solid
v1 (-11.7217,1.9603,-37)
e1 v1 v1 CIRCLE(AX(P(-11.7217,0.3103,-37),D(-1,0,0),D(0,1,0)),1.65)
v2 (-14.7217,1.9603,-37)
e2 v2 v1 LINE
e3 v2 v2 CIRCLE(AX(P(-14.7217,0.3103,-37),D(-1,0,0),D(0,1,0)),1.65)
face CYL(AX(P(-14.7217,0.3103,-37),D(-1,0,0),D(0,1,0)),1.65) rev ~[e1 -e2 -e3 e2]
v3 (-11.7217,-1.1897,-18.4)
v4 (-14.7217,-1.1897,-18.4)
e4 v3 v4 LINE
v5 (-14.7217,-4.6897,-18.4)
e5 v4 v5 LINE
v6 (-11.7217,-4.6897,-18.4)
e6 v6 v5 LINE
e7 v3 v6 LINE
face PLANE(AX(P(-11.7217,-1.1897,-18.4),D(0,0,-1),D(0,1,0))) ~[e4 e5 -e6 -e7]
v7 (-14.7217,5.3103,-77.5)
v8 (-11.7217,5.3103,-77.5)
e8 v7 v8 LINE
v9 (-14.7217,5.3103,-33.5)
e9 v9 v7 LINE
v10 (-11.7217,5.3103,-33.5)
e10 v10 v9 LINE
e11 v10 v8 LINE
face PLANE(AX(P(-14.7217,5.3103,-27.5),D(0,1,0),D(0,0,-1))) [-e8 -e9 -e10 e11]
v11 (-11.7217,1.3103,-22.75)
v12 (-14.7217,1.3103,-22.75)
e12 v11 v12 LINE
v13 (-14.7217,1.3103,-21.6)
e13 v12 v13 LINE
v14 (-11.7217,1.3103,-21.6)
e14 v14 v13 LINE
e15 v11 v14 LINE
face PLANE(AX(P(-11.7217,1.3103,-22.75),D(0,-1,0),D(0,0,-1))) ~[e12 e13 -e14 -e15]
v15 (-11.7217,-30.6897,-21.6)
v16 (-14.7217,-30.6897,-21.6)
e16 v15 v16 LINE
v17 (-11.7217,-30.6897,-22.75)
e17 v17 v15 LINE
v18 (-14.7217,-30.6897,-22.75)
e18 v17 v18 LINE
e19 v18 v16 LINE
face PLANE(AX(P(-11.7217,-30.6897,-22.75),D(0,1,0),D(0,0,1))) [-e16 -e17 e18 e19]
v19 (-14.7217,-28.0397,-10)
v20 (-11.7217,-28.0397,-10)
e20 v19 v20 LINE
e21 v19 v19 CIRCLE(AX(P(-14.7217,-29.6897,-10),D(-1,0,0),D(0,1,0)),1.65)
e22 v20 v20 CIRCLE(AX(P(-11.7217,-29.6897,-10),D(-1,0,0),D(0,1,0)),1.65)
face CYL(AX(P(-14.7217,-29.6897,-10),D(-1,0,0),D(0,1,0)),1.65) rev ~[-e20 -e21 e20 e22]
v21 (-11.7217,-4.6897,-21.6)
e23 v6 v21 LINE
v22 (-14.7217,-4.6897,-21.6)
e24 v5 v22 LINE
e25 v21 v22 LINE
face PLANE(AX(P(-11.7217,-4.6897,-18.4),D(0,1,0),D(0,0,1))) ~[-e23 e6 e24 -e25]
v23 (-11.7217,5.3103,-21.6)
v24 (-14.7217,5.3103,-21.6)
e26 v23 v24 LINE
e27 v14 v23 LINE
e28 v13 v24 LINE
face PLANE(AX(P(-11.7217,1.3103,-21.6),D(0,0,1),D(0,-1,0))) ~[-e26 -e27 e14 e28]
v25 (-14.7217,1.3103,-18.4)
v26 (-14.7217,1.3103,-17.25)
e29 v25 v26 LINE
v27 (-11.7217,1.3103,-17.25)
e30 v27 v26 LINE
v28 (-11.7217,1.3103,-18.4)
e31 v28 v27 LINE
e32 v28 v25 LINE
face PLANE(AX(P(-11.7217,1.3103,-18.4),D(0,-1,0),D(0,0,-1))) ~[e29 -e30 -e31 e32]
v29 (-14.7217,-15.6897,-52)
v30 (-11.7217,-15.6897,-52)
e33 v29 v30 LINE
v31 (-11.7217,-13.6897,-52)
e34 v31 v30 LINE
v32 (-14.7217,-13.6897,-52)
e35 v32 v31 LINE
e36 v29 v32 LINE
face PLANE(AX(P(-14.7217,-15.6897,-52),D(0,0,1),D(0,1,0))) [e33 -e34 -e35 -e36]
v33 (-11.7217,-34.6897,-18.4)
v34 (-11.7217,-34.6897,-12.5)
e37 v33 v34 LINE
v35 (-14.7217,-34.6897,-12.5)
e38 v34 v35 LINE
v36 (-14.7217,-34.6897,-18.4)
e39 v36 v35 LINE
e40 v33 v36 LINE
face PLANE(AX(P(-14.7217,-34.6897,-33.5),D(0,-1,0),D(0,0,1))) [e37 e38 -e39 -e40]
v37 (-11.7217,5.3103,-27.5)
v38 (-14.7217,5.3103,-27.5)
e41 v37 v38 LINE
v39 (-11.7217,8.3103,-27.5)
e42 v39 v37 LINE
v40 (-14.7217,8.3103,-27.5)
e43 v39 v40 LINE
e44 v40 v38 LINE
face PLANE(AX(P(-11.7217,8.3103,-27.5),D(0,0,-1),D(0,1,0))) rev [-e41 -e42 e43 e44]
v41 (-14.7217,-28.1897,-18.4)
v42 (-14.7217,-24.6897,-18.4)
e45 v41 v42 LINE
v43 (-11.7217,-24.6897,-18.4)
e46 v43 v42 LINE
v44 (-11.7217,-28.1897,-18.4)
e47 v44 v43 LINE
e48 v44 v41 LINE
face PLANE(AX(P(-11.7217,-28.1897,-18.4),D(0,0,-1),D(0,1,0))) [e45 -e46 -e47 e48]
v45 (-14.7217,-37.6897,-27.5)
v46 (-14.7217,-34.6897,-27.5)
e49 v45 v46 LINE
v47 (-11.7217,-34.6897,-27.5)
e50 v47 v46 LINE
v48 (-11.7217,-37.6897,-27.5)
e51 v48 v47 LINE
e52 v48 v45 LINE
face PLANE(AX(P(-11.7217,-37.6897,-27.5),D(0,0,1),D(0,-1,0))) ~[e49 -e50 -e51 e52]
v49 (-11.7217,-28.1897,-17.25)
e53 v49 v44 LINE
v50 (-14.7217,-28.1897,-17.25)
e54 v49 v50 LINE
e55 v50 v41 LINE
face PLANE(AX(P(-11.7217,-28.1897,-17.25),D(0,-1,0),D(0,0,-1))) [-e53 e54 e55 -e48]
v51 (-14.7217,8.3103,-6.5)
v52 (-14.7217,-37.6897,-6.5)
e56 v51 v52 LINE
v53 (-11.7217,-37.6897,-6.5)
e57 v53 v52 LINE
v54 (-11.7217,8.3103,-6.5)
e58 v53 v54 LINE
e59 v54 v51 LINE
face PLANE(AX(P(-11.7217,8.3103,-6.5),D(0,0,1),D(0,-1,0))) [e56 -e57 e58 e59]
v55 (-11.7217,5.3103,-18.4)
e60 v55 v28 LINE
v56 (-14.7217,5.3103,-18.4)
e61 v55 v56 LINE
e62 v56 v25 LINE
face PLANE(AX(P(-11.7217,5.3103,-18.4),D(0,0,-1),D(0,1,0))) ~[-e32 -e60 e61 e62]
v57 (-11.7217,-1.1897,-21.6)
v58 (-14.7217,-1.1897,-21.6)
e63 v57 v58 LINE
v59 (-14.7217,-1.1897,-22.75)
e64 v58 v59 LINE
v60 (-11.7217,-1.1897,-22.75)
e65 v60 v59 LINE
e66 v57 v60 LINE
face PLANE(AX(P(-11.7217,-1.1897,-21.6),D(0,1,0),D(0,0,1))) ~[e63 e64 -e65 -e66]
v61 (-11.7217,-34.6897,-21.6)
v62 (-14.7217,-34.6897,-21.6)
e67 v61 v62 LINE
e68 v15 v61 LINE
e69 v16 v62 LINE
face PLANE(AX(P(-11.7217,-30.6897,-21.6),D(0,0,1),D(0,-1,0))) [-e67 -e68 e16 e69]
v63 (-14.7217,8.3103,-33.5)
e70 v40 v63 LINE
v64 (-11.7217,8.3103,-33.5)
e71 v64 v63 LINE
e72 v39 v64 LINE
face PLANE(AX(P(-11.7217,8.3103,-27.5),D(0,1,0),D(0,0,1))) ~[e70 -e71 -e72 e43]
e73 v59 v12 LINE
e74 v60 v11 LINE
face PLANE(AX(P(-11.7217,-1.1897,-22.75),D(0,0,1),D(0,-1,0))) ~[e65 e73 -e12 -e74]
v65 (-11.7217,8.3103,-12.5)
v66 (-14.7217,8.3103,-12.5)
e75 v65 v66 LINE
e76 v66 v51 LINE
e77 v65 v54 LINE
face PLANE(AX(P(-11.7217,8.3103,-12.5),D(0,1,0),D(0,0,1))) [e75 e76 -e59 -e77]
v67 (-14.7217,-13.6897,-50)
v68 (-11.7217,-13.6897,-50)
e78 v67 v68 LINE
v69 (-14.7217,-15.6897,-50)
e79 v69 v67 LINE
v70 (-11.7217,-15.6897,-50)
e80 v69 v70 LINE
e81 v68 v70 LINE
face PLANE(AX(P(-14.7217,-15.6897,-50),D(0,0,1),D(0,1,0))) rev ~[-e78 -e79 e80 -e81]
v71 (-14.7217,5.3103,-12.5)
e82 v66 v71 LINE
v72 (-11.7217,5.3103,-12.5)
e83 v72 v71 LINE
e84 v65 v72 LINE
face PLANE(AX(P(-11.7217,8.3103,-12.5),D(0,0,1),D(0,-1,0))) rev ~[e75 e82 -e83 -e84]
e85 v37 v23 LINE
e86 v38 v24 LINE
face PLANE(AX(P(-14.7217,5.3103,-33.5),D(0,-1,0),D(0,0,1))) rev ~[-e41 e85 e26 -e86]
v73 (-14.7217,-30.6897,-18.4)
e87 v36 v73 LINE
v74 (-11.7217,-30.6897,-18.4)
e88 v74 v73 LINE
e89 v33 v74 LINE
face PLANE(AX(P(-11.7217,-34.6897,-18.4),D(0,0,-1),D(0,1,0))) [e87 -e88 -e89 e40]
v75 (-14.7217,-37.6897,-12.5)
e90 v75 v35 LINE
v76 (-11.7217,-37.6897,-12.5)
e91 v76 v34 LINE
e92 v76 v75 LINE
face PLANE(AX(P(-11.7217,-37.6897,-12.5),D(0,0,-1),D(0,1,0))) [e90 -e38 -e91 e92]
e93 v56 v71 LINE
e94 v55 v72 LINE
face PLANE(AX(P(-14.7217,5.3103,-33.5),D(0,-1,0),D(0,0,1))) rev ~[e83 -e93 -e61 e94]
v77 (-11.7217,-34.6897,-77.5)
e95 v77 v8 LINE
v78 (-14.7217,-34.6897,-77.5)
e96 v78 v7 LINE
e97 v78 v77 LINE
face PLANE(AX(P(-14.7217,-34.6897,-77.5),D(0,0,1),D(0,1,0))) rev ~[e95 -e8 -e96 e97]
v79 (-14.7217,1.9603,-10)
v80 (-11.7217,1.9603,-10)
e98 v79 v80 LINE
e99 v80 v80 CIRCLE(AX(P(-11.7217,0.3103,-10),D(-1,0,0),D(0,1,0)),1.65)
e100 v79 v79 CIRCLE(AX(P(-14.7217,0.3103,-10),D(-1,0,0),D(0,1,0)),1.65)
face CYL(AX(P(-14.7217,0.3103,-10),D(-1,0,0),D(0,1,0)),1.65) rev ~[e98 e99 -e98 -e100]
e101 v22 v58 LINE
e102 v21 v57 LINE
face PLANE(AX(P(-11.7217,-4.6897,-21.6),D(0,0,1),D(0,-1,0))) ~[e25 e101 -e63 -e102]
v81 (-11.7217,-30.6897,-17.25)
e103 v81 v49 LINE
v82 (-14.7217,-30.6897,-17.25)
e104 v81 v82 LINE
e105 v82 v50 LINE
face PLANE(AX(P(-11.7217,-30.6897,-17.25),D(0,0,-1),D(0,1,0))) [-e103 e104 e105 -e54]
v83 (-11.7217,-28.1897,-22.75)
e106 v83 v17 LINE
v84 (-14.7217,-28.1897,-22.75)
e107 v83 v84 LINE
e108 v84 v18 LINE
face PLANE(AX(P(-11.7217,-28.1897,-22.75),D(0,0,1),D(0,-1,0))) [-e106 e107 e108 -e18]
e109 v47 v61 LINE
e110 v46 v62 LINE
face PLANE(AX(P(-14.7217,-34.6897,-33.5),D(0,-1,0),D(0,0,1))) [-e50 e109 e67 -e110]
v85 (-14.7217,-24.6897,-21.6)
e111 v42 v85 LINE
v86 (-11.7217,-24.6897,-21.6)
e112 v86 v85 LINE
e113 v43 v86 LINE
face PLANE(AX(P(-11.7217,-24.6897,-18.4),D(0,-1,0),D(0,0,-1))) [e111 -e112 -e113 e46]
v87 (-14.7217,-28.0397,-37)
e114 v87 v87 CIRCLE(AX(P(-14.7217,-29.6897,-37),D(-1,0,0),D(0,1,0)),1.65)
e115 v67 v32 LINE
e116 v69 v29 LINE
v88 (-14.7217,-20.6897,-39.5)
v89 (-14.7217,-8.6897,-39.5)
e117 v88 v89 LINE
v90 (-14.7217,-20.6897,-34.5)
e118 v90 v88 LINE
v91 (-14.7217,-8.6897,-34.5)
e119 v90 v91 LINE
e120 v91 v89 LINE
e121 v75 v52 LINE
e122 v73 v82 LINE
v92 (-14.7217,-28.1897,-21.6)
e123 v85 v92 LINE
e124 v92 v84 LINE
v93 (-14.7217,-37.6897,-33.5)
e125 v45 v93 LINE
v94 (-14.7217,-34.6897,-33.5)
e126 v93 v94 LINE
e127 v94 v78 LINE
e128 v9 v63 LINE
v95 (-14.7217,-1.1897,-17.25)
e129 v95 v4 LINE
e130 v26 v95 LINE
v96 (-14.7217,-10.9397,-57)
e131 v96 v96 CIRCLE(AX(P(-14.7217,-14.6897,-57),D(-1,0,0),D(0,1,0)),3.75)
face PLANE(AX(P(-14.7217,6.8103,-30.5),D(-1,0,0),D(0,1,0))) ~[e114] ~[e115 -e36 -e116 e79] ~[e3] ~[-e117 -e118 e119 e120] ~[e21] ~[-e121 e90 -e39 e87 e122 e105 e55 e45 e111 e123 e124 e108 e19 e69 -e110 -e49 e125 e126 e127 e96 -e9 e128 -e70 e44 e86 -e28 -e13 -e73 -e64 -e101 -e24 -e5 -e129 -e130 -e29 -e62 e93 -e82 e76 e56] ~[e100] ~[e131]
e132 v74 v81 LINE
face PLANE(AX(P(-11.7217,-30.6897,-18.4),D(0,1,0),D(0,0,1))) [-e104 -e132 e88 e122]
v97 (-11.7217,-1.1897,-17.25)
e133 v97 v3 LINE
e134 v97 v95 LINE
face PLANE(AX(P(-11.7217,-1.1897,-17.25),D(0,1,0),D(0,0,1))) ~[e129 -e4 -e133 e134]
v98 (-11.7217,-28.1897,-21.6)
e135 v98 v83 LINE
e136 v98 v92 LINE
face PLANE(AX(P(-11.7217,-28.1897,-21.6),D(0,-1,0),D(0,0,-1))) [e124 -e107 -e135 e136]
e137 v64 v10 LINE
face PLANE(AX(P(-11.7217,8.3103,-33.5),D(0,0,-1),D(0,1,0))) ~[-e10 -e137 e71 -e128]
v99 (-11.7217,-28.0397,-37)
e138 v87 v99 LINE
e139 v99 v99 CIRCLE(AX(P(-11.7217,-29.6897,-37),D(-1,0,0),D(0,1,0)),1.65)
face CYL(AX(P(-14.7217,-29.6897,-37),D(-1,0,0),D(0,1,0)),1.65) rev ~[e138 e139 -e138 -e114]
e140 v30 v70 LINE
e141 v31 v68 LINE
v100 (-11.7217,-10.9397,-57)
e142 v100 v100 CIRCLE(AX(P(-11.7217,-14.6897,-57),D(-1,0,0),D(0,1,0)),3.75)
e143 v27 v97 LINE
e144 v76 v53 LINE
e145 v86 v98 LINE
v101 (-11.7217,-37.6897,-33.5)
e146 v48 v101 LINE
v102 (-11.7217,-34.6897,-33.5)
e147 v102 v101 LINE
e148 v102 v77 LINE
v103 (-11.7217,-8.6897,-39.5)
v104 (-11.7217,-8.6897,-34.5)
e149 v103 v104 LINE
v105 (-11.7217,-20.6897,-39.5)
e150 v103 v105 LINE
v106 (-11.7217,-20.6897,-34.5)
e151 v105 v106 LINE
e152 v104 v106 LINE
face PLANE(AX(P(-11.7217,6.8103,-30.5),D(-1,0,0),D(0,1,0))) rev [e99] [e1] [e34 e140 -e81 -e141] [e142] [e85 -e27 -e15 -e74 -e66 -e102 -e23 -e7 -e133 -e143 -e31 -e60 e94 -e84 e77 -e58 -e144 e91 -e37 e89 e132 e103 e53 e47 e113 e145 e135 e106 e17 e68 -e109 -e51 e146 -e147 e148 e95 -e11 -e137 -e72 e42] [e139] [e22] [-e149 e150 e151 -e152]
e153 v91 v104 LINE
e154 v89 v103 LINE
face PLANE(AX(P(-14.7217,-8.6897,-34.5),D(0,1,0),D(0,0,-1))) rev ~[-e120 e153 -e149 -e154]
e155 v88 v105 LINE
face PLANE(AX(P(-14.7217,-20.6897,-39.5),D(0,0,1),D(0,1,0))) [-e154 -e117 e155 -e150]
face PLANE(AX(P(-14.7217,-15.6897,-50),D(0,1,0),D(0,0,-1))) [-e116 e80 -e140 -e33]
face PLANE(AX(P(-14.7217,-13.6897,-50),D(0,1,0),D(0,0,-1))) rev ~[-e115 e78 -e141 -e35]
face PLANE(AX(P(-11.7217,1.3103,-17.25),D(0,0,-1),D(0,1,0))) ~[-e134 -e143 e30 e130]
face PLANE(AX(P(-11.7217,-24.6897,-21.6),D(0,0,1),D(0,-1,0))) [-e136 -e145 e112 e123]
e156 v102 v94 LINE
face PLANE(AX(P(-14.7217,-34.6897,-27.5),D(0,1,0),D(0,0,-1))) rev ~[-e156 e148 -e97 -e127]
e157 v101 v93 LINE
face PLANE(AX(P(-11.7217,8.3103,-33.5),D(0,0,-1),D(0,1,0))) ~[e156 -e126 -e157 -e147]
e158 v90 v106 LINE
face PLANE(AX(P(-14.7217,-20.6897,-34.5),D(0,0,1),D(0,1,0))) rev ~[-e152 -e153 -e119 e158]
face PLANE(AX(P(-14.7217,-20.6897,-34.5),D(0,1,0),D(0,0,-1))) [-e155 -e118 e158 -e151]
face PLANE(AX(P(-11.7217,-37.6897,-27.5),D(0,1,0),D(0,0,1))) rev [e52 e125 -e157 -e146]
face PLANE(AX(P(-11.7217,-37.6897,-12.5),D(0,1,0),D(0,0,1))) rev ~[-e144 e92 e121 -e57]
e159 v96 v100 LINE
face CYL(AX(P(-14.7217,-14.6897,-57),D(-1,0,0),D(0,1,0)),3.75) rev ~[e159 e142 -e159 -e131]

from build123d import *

# Parameters (mm, degrees)
SKETCH024_W                = 40
SKETCH024_H                = 27
SKETCH024_R                = 1.9
PAD010_DEPTH               = 3
SKETCH025_W                = 3
SKETCH025_H                = 6
PAD011_DEPTH               = 3
SKETCH025_MIRRORED003_2_W  = 3
SKETCH025_MIRRORED003_2_H  = 6
PAD011_MIRRORED003_2_DEPTH = 3
POCKET014_DEPTH            = 109.846683
SKETCH027_R                = 4.5
SKETCH027_W                = 40
SKETCH027_H                = 50
PAD012_DEPTH               = 3
SKETCH028_R                = 1.65
SKETCH028_W                = 12
SKETCH028_H                = 5
POCKET015_DEPTH            = 3.001
SKETCH029_R                = 3.75
SKETCH029_W                = 2
SKETCH029_H                = 2
POCKET016_DEPTH            = 3.001


with BuildPart() as part:
    # Sketch024 → Pad010 (new body)
    with BuildSketch(Plane.YZ):
        Rectangle(SKETCH024_W, SKETCH024_H)
        with Locations((0, 8.5)):
            Circle(SKETCH024_R, mode=Mode.SUBTRACT)
    extrude(amount=PAD010_DEPTH)

    # Sketch025 (on Face7 of Pad010) → Pad011 (join)
    with BuildSketch(Plane.YZ.offset(3)):
        with Locations((-21.5, 10.5)):
            Rectangle(SKETCH025_W, SKETCH025_H)
    pad011 = extrude(amount=-PAD011_DEPTH)

    # Sketch025 Mirrored003 2 → Pad011 Mirrored003 2 (add)
    with BuildSketch(Plane(origin=(3, 0, 0), x_dir=(0, -1, 0), z_dir=(-1, 0, 0))):
        with Locations((-21.5, 10.5)):
            Rectangle(SKETCH025_MIRRORED003_2_W, SKETCH025_MIRRORED003_2_H)
    pad011_mirrored003_2 = extrude(amount=PAD011_MIRRORED003_2_DEPTH)

    # Mirrored005: Pad011, Pad011 Mirrored003 2 across Sketch025 H_Axis
    add(pad011.mirror(Plane(origin=(3, 0, 0), x_dir=(1, 0, 0), z_dir=(0, 0, 1))))
    add(pad011_mirrored003_2.mirror(Plane(origin=(3, 0, 0), x_dir=(1, 0, 0), z_dir=(0, 0, 1))))

    # Sketch026 (on Face12 of MultiTransform001) → Pocket014 (cut, through all)
    with BuildSketch(Plane.YZ.offset(3)):
        Polygon((-20, 1.6), (-16, 1.6), (-16, 2.75), (-13.5, 2.75), (-13.5, 1.6), (-10, 1.6), (-10, -1.6), (-13.5, -1.6), (-13.5, -2.75), (-16, -2.75), (-16, -1.6), (-20, -1.6), align=None)
    pocket014 = extrude(amount=-POCKET014_DEPTH, mode=Mode.SUBTRACT)

    # Mirrored004: Pocket014 across Sketch026 V_Axis
    add(pocket014.mirror(Plane(origin=(3, 0, 0), x_dir=(1, 0, 0), z_dir=(0, 1, 0))), mode=Mode.SUBTRACT)

    # Sketch027 (on Face5 of Mirrored004) → Pad012 (join)
    with BuildSketch(Plane(origin=(0, 0, 0), x_dir=(0, 1, 0), z_dir=(-1, 0, 0))):
        with Locations((0, -8.5)):
            Circle(SKETCH027_R)
        with Locations((0, 32.5)):
            Rectangle(SKETCH027_W, SKETCH027_H)
    extrude(amount=-PAD012_DEPTH)

    # Sketch028 (on Face42 of Pad012) → Pocket015 (cut, through all)
    with BuildSketch(Plane(origin=(0, 0, 0), x_dir=(0, 1, 0), z_dir=(-1, 0, 0))):
        with Locations((-15, 17)):
            Circle(SKETCH028_R)
        with Locations((15, 17)):
            Circle(SKETCH028_R)
        with Locations((15, -10)):
            Circle(SKETCH028_R)
        with Locations((-15, -10)):
            Circle(SKETCH028_R)
        with Locations((0, 17)):
            Rectangle(SKETCH028_W, SKETCH028_H)
    extrude(amount=-POCKET015_DEPTH, mode=Mode.SUBTRACT)

    # Sketch029 (on Face2 of Pocket015) → Pocket016 (cut, through all)
    with BuildSketch(Plane(origin=(0, 0, 0), x_dir=(0, 1, 0), z_dir=(-1, 0, 0))):
        with Locations((0, 37)):
            Circle(SKETCH029_R)
        with Locations((0, 31)):
            Rectangle(SKETCH029_W, SKETCH029_H)
    extrude(amount=-POCKET016_DEPTH, mode=Mode.SUBTRACT)


with BuildPart() as part_1:
    # Body006 placement: moved
    add(part.part.moved(Location((-14.7217, -14.6897, -20))))


solid = part_1.part
